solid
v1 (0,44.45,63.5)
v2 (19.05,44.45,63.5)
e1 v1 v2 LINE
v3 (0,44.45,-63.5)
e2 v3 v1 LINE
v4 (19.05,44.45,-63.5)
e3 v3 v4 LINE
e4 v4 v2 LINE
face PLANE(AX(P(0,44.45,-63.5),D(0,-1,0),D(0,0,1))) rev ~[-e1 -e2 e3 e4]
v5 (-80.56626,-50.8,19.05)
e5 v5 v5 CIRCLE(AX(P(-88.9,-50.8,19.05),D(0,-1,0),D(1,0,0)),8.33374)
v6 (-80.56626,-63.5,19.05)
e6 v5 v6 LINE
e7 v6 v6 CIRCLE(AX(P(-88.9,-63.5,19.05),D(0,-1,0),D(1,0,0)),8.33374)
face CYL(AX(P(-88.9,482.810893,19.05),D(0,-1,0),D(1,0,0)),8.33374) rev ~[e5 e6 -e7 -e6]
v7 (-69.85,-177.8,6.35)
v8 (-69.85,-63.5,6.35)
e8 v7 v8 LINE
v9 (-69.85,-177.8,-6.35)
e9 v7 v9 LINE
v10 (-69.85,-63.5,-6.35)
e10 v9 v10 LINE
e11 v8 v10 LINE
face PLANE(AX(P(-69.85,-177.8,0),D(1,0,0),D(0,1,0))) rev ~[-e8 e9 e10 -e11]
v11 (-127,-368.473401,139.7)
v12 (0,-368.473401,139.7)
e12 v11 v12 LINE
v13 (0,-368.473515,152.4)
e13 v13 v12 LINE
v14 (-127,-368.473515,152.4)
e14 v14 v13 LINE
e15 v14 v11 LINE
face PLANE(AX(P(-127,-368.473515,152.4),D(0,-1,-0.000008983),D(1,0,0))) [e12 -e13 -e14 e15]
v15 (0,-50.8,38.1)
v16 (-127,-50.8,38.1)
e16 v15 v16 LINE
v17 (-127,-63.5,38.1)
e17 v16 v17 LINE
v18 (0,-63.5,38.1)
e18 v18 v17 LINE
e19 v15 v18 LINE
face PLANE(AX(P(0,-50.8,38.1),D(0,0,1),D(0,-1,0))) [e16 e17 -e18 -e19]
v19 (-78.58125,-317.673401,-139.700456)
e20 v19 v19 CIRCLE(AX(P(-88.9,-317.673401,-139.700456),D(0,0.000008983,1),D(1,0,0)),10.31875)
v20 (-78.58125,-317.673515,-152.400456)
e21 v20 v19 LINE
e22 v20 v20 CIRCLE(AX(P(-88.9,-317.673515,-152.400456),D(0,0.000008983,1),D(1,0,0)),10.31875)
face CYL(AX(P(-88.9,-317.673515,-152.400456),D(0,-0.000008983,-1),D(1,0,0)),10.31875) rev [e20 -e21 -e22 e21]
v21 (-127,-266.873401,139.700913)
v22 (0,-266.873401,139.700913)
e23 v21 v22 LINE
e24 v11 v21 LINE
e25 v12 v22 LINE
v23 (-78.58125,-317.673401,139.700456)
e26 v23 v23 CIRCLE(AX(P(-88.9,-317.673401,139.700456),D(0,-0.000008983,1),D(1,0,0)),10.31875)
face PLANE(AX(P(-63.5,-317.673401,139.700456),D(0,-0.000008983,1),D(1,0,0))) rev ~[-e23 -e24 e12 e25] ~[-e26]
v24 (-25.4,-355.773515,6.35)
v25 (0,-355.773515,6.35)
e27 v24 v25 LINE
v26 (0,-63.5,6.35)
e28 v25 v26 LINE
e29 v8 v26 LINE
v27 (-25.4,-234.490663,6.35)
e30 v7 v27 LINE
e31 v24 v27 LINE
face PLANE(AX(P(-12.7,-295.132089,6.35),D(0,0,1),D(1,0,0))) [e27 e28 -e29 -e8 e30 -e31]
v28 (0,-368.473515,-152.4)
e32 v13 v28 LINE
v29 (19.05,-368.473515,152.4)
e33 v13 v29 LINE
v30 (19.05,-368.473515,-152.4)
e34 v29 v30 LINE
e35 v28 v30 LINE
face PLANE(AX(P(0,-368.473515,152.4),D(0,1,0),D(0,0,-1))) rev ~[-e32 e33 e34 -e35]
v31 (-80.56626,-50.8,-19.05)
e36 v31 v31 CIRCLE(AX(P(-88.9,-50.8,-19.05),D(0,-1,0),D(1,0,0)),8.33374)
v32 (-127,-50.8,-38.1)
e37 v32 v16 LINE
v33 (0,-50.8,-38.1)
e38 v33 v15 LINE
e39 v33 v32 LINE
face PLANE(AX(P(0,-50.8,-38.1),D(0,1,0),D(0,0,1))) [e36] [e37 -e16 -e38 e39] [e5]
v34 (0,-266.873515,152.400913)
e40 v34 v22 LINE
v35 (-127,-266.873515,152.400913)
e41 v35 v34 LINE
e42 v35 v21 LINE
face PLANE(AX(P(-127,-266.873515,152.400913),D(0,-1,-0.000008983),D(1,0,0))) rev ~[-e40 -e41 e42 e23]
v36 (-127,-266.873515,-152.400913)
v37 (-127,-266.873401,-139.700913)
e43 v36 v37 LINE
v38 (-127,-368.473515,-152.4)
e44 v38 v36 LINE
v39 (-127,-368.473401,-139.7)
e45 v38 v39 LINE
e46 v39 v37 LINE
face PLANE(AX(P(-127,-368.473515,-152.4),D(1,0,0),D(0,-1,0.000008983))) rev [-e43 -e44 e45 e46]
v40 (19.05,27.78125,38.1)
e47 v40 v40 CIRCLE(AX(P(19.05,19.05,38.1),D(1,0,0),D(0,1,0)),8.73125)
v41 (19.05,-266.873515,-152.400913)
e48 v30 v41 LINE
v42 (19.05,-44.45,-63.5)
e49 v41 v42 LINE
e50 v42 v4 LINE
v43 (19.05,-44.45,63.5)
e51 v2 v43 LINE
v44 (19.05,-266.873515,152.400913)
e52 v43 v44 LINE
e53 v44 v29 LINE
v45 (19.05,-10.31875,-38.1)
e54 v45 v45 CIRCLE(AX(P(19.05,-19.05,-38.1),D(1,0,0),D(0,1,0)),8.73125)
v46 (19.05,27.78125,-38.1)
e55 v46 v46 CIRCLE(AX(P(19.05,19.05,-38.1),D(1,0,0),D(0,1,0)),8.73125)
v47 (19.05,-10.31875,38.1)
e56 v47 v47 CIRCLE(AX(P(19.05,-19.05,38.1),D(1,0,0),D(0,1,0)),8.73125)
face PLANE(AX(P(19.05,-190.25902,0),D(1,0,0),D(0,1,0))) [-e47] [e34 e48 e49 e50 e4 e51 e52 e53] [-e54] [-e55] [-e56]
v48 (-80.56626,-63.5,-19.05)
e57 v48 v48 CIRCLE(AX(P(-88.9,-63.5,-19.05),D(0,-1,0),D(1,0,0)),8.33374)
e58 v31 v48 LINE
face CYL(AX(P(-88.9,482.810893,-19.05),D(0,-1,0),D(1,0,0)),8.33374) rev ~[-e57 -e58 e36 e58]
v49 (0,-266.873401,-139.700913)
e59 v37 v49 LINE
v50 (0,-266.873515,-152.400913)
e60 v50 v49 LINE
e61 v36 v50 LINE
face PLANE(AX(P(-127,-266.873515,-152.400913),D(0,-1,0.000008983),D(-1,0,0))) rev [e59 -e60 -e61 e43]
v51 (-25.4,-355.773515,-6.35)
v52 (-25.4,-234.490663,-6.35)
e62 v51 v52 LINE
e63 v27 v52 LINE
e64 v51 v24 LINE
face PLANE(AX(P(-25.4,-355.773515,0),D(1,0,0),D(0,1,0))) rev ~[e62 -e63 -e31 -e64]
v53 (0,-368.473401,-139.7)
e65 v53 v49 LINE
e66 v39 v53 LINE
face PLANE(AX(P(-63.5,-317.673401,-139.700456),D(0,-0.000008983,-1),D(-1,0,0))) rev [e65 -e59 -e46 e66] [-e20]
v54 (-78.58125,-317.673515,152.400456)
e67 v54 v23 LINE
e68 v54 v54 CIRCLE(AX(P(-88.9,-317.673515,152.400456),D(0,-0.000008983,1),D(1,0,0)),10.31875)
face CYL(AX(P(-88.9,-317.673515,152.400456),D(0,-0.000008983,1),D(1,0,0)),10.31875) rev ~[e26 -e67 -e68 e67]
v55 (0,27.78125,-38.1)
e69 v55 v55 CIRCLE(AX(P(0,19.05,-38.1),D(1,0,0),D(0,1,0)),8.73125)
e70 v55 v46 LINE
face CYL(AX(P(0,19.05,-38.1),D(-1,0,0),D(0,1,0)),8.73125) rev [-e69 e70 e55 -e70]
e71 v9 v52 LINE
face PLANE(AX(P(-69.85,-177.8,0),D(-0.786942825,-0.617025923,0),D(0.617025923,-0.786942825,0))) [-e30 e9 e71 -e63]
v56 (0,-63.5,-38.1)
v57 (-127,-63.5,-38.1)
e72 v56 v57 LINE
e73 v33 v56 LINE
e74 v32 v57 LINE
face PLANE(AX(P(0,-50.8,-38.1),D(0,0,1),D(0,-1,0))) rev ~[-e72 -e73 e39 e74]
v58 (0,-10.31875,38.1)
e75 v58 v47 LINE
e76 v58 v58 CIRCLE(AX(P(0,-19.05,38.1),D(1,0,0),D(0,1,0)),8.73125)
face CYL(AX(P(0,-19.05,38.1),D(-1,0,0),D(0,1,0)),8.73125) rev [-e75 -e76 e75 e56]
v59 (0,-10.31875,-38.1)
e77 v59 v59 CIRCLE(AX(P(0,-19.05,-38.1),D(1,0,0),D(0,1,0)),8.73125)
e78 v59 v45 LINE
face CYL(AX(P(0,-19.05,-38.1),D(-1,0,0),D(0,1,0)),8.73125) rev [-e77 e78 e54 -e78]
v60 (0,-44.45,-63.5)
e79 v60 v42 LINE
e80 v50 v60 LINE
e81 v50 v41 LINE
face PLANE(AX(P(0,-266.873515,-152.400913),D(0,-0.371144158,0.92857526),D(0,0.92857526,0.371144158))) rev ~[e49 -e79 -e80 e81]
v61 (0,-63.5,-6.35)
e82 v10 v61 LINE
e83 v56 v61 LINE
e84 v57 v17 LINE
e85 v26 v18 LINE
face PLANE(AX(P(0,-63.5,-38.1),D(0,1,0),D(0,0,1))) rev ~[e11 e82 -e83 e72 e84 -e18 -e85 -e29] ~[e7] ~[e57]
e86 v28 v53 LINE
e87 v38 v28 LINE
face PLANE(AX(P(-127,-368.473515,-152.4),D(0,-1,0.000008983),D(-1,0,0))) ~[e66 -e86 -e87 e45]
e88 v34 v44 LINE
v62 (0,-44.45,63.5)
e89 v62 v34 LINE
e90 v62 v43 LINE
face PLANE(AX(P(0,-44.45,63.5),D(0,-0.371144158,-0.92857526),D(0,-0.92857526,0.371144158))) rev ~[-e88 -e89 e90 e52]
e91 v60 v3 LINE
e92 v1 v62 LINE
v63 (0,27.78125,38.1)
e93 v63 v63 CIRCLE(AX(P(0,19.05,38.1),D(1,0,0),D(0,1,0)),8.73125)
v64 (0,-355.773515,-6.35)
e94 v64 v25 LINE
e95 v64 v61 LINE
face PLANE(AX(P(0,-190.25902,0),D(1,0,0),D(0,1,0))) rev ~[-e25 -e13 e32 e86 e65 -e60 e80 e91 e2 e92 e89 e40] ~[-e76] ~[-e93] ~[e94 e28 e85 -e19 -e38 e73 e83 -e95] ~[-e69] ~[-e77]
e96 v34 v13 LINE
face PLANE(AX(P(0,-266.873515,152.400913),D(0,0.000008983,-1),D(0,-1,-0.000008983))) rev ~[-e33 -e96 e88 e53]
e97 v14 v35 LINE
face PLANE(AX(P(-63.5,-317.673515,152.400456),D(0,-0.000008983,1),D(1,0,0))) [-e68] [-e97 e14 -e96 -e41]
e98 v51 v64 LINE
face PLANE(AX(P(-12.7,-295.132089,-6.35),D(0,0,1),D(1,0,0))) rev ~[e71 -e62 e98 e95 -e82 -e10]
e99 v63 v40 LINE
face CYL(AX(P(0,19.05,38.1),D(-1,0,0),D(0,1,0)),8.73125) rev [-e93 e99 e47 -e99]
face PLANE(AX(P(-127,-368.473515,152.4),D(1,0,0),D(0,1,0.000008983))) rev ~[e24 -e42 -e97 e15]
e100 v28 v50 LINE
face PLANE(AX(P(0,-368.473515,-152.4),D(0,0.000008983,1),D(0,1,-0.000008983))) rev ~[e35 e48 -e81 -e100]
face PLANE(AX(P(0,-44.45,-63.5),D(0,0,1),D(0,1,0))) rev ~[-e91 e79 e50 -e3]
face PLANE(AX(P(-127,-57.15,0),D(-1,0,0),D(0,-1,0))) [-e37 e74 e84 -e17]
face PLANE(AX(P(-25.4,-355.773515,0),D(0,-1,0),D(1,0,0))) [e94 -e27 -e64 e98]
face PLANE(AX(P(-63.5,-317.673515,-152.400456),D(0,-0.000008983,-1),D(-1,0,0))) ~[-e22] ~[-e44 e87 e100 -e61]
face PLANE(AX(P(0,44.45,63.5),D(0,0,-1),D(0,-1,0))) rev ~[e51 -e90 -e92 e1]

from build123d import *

# Parameters (mm, degrees)
F0_R     = 8.73125
F1_DEPTH = 19.05
F2_W     = 127
F2_H     = 101.6000000041
F2_R     = 10.31875
F3_DEPTH = 12.7
F5_W     = 25.4
F5_H     = 121.2828524489
F5_W_2   = 69.85
F5_H_2   = 114.3
F6_DEPTH = 6.35
F7_W     = 12.7
F7_H     = 76.2
F8_DEPTH = 127
F10_D    = 16.66748


with BuildPart() as f1:
    # F0 (on Right) → F1 (new body)
    with BuildSketch(Plane.YZ):
        Polygon((44.45, 63.5), (-44.45, 63.5), (-266.8735152621, 152.4009127194), (-368.4735152621, 152.4), (-368.4735152621, -152.4), (-266.8735152621, -152.4009127194), (-44.45, -63.5), (44.45, -63.5), align=None)
        with Locations((-19.05, -38.1)):
            Circle(F0_R, mode=Mode.SUBTRACT)
        with Locations((19.05, -38.1)):
            Circle(F0_R, mode=Mode.SUBTRACT)
        with Locations((-19.05, 38.1)):
            Circle(F0_R, mode=Mode.SUBTRACT)
        with Locations((19.05, 38.1)):
            Circle(F0_R, mode=Mode.SUBTRACT)
    extrude(amount=F1_DEPTH)

    # F2 (on face) → F3 (join)
    with BuildSketch(Plane(origin=(0, -0.0013691088, 152.4033101543), x_dir=(1, 0, 0), z_dir=(0, -8.9835e-06, 1))):
        with Locations((-63.5, -317.6721461661)):
            Rectangle(F2_W, F2_H)
        with Locations((-88.9, -317.6721461661)):
            Circle(F2_R, mode=Mode.SUBTRACT)
    extrude(amount=-F3_DEPTH)

    # F4: F1 across plane


with BuildPart() as f1_1:
    add(f1.part)
    add(f1.part.mirror(Plane.XY))

    # F5 (on Top) → F6 (join, symmetric)
    with BuildSketch(Plane.XY):
        with Locations((-12.7, -295.1320890376)):
            Rectangle(F5_W, F5_H)
        Polygon((-25.4, -234.4906628132), (0, -234.4906628132), (0, -177.8), (-69.85, -177.8), align=None)
        with Locations((-34.925, -120.65)):
            Rectangle(F5_W_2, F5_H_2)
    extrude(amount=F6_DEPTH, both=True)

    # F7 (on face) → F8 (join)
    with BuildSketch(Plane(origin=(0, 0, 0), x_dir=(0, -1, 0), z_dir=(-1, 0, 0))):
        with Locations((57.15, 0)):
            Rectangle(F7_W, F7_H)
    extrude(amount=F8_DEPTH)

    # F10 (through all)
    with Locations(Plane(origin=(0, -50.8, 0), x_dir=(-1, 0, 0), z_dir=(0, 1, 0))):
        with Locations((88.9, 19.05), (88.9, -19.05)):
            Hole(F10_D / 2)


solid = f1_1.part
